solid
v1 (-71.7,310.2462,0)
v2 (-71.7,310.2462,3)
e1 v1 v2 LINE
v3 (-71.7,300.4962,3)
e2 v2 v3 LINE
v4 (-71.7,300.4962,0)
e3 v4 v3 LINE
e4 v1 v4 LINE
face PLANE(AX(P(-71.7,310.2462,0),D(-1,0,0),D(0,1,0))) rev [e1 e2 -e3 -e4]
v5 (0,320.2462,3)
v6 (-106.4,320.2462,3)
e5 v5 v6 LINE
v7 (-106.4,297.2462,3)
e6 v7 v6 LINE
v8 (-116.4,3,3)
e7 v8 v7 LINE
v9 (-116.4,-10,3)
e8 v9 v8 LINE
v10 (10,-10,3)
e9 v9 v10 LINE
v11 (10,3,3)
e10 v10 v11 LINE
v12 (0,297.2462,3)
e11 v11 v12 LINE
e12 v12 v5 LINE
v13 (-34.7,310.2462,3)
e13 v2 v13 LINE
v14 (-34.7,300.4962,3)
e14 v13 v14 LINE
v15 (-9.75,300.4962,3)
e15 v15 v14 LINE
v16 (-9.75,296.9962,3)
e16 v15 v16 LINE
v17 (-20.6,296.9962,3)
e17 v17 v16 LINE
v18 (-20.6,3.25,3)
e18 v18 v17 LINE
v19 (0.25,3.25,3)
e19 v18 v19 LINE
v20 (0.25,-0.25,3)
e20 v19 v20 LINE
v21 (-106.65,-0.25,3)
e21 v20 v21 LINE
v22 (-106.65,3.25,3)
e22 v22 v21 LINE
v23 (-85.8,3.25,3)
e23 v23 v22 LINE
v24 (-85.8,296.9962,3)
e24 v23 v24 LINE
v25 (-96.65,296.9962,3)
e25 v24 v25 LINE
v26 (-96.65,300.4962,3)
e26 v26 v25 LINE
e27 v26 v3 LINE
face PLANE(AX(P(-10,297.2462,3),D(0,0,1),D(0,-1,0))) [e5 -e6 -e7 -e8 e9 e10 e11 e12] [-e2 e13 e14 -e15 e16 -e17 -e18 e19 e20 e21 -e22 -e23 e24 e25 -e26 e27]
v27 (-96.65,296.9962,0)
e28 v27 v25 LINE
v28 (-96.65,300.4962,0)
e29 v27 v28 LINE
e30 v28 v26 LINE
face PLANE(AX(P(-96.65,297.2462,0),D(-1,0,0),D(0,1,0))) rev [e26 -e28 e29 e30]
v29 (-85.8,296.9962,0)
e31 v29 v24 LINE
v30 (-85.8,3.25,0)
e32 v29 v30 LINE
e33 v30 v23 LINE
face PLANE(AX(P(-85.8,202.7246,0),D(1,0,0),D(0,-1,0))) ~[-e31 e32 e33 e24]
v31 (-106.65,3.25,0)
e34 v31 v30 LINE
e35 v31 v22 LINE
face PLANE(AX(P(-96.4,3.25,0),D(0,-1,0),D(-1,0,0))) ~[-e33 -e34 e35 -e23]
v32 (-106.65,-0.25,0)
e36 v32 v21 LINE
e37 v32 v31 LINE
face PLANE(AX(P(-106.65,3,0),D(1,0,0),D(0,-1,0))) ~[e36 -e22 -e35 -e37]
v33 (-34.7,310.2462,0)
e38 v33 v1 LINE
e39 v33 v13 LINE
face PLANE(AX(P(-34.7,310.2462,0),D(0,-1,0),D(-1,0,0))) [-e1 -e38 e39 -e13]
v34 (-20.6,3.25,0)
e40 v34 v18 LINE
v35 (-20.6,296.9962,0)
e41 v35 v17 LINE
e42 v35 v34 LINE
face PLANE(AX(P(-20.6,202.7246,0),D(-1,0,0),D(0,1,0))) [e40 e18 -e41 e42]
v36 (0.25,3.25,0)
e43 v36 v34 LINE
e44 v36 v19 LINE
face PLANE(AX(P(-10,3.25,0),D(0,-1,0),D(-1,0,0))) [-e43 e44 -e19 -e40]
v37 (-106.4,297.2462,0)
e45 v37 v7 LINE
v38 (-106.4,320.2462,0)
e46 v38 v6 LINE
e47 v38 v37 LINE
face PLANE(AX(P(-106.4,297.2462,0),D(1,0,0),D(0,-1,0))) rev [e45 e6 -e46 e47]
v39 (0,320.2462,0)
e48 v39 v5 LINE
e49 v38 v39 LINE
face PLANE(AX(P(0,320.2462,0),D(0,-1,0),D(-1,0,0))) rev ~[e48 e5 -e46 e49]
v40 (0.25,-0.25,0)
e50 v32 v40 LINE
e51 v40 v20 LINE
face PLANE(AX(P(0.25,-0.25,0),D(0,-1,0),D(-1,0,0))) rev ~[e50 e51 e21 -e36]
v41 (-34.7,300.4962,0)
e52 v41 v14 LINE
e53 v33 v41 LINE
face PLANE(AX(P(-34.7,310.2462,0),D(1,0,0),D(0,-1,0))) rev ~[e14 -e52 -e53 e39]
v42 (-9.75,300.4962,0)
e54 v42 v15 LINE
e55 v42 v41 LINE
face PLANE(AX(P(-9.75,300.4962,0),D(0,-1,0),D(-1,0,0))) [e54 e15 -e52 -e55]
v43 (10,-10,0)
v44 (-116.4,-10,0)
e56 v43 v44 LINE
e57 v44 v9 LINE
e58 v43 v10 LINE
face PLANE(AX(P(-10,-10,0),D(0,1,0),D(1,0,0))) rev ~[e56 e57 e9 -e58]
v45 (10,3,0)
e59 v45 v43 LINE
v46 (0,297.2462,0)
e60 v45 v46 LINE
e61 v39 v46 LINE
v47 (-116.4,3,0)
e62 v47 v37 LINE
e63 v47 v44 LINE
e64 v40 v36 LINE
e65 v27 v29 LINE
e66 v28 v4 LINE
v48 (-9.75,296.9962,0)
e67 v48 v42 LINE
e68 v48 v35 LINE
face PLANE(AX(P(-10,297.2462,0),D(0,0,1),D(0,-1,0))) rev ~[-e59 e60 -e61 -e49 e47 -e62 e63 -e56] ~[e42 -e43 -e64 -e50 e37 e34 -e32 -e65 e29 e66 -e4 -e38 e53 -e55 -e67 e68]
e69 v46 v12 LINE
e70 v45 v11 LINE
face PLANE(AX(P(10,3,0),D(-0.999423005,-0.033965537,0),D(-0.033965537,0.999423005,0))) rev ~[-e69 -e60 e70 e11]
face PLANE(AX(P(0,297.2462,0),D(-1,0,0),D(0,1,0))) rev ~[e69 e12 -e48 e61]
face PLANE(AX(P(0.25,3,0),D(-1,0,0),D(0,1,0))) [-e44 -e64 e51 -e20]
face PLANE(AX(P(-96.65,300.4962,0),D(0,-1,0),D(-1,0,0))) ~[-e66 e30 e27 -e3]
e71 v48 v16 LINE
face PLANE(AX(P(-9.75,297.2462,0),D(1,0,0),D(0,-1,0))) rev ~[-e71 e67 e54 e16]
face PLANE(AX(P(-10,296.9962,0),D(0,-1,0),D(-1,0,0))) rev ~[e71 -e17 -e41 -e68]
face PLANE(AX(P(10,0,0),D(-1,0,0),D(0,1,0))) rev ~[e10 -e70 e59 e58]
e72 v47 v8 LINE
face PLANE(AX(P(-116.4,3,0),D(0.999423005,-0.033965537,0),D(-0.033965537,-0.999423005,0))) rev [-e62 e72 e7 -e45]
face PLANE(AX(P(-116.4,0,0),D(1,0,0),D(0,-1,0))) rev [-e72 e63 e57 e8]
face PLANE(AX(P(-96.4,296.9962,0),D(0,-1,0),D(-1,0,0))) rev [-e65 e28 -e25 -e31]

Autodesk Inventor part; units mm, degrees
ref_plane "YZ Plane" through (0, 0, 0) normal (1, 0, 0) x (0, 1, 0)
ref_plane "XZ Plane" through (0, 0, 0) normal (0, 1, 0) x (-1, 0, 0)
ref_plane "XY Plane" through (0, 0, 0) normal (0, 0, 1) x (1, 0, 0)
ref_plane "Work Plane1" through (-10, 297.2462, 0) normal (0, 0, 1) x (0, -1, 0)
ref_plane "Work Plane2" through (-53.2, 294.1262, 848.1435) normal (1, 0, 0) x (0, 0.6133, 0.7899)
sketch "Sketch1" plane through (-10, 297.2462, 0) normal (0, 0, 1) x (0, -1, 0)
  line L0 (94.5216, -24.7) -> (0, -24.7) projected
  line L1 (0, 0) -> (0, -24.7) projected
  line L2 (0, 0) -> (307.2462, 0) projected
  line L3 (307.2462, -10.6) -> (307.2462, 0) projected
  line L4 (307.2462, -10.6) -> (94.5216, -10.6) projected
  line L5 (94.5216, -10.6) -> (94.5216, -24.7) projected
  line L6 (89.5216, -75.8) -> (297.2462, -75.8) projected
  line L7 (297.2462, -75.8) -> (297.2462, -10.6) projected
  line L8 (307.2462, -10.6) -> (297.2462, -10.6) projected
  line L9 (307.2462, -10.6) -> (307.2462, -86.4) projected
  line L10 (0, -86.4) -> (307.2462, -86.4) projected
  line L11 (0, -86.4) -> (0, -61.7) projected
  line L12 (89.5216, -61.7) -> (0, -61.7) projected
  line L13 (89.5216, -75.8) -> (89.5216, -61.7) projected
  line L14 (297.2462, 10) -> (294.2462, 10) projected
  line L15 (297.2462, 10) -> (297.2462, 20) projected
  line L16 (297.2462, 20) -> (294.2462, 20) projected
  line L17 (294.2462, 10) -> (294.2462, 20) projected
  line L18 (297.2462, 10) -> (294.2462, 10) projected
  line L19 (0, 0) -> (0, 10) projected
  line L20 (0, 10) -> (-3, 10) projected
  line L21 (-3, 0) -> (-3, 10) projected
  line L22 (0, 0) -> (-3, 0) projected
  line L23 (0, -24.7) -> (-3, -24.7) projected
  line L24 (307.2462, 0) -> (307.2462, 20)
  line L25 (307.2462, 20) -> (297.2462, 20)
  line L26 (294.2462, 20) -> (0, 10)
  line L27 (-13, -24.7) -> (-3, -24.7)
  line L28 (-3, -24.7) -> (-3, 0)
  line L29 (-3, 10) -> (-13, 10)
  line L30 (-13, 10) -> (-13, -24.7)
  line L31 (297.2462, -43.2) -> (307.2462, -43.2)
  line L32 (297.2462, 10) -> (297.2462, -10.6)
  line L33 (294.2462, 10) -> (294.2462, -10.6)
  line L34 (94.5216, -10.6) -> (0, -10.6)
  line L35 (-89.0492, -43.2) -> (373.2954, -43.2) construction
  line L36 (-13, 10) -> (-23, 10)
  line L37 (-23, 10) -> (-23, -43.2)
  line L38 (-13, -24.7) -> (-13, -43.2)
  line L39 (-23, -43.2) -> (-13, -43.2)
  line L40 (297.4962, 10.25) -> (297.4962, -43.2)
  line L41 (297.4962, 10.25) -> (293.9962, 10.25)
  line L42 (293.9962, 10.25) -> (293.9962, -10.6)
  line L43 (0.25, 0.25) -> (0.25, -24.7)
  line L44 (-3.25, 0.25) -> (-3.25, -24.7)
  line L45 (-3.25, 0.25) -> (0.25, 0.25)
  point P0 (-3, 0.25)
  point P1 (0, 0.25)
  point P2 (0.25, -10.6)
  point P3 (297.4962, -43.2)
  dimension "d1" = 10
  dimension "d2" = 10
  dimension "d5" = 0.25
  dimension "d6" = 0.25
  dimension "d7" = 0.25
  dimension "d8" = 0.25
  dimension "d9" = 0.25
  dimension "d10" = 0.25
extrude "Extrusion1" add sketch "Sketch1" along normal blind 3 contours L34 L43 L2 L42 L4 | L43 L45 L19 L26 L17 L41 L42 L2 | L27 L30 L29 L21 L45 L44 | L45 L21 L20 L19 | L38 L39 L37 L36 L30 | L40 L2 L3 L4 | L4 L9 L31 L40 | L17 L16 L15 L41 | L40 L41 L15 L25 L24 L2
mirror "Mirror1" about plane through (-53.2, 294.1262, 848.1435) normal (1, 0, 0)
sketch "Sketch2" plane through (-10, 297.2462, 3) normal (0, 0, 1) x (1, 0, 0)
  line L0 (20, -307.2462) -> (-106.4, -307.2462) projected
  line L1 (20, -307.2462) -> (20, -294.2462) projected
  line L2 (20, -294.2462) -> (10, 0) projected
  line L3 (10, 0) -> (10, 23) projected
  line L4 (10, 23) -> (-96.4, 23) projected
  line L5 (-96.4, 0) -> (-96.4, 23) projected
  line L6 (-106.4, -294.2462) -> (-96.4, 0) projected
  line L7 (-106.4, -307.2462) -> (-106.4, -294.2462) projected
  line L8 (-75.8, -0.25) -> (-75.8, -293.9962) projected
  line L9 (-61.7, 13) -> (-61.7, 3.25) projected
  line L10 (-24.7, 13) -> (-61.7, 13) projected
  line L11 (-24.7, 13) -> (-24.7, 3.25) projected
  line L12 (-10.6, -0.25) -> (-10.6, -293.9962) projected
  line L13 (10.25, -297.4962) -> (-96.65, -297.4962) projected
  line L14 (-96.65, -293.9962) -> (-96.65, -297.4962) projected
  line L15 (-75.8, -293.9962) -> (-96.65, -293.9962) projected
  line L16 (-86.65, -0.25) -> (-75.8, -0.25) projected
  line L17 (-86.65, 3.25) -> (-86.65, -0.25) projected
  line L18 (-61.7, 3.25) -> (-86.65, 3.25) projected
  line L19 (-24.7, 3.25) -> (0.25, 3.25) projected
  line L20 (0.25, 3.25) -> (0.25, -0.25) projected
  line L21 (0.25, -0.25) -> (-10.6, -0.25) projected
  line L22 (-10.6, -293.9962) -> (10.25, -293.9962) projected
  line L23 (10.25, -293.9962) -> (10.25, -297.4962) projected
  point P0 (10, -297.2462)
equation "\"d6\" = d5"
equation "\"d7\" = d5"
equation "\"d8\" = d5"
equation "\"d9\" = d5"
equation "\"d10\" = d5"
properties part number "Upper Stand Bracket" material "Wood (Oak)"
